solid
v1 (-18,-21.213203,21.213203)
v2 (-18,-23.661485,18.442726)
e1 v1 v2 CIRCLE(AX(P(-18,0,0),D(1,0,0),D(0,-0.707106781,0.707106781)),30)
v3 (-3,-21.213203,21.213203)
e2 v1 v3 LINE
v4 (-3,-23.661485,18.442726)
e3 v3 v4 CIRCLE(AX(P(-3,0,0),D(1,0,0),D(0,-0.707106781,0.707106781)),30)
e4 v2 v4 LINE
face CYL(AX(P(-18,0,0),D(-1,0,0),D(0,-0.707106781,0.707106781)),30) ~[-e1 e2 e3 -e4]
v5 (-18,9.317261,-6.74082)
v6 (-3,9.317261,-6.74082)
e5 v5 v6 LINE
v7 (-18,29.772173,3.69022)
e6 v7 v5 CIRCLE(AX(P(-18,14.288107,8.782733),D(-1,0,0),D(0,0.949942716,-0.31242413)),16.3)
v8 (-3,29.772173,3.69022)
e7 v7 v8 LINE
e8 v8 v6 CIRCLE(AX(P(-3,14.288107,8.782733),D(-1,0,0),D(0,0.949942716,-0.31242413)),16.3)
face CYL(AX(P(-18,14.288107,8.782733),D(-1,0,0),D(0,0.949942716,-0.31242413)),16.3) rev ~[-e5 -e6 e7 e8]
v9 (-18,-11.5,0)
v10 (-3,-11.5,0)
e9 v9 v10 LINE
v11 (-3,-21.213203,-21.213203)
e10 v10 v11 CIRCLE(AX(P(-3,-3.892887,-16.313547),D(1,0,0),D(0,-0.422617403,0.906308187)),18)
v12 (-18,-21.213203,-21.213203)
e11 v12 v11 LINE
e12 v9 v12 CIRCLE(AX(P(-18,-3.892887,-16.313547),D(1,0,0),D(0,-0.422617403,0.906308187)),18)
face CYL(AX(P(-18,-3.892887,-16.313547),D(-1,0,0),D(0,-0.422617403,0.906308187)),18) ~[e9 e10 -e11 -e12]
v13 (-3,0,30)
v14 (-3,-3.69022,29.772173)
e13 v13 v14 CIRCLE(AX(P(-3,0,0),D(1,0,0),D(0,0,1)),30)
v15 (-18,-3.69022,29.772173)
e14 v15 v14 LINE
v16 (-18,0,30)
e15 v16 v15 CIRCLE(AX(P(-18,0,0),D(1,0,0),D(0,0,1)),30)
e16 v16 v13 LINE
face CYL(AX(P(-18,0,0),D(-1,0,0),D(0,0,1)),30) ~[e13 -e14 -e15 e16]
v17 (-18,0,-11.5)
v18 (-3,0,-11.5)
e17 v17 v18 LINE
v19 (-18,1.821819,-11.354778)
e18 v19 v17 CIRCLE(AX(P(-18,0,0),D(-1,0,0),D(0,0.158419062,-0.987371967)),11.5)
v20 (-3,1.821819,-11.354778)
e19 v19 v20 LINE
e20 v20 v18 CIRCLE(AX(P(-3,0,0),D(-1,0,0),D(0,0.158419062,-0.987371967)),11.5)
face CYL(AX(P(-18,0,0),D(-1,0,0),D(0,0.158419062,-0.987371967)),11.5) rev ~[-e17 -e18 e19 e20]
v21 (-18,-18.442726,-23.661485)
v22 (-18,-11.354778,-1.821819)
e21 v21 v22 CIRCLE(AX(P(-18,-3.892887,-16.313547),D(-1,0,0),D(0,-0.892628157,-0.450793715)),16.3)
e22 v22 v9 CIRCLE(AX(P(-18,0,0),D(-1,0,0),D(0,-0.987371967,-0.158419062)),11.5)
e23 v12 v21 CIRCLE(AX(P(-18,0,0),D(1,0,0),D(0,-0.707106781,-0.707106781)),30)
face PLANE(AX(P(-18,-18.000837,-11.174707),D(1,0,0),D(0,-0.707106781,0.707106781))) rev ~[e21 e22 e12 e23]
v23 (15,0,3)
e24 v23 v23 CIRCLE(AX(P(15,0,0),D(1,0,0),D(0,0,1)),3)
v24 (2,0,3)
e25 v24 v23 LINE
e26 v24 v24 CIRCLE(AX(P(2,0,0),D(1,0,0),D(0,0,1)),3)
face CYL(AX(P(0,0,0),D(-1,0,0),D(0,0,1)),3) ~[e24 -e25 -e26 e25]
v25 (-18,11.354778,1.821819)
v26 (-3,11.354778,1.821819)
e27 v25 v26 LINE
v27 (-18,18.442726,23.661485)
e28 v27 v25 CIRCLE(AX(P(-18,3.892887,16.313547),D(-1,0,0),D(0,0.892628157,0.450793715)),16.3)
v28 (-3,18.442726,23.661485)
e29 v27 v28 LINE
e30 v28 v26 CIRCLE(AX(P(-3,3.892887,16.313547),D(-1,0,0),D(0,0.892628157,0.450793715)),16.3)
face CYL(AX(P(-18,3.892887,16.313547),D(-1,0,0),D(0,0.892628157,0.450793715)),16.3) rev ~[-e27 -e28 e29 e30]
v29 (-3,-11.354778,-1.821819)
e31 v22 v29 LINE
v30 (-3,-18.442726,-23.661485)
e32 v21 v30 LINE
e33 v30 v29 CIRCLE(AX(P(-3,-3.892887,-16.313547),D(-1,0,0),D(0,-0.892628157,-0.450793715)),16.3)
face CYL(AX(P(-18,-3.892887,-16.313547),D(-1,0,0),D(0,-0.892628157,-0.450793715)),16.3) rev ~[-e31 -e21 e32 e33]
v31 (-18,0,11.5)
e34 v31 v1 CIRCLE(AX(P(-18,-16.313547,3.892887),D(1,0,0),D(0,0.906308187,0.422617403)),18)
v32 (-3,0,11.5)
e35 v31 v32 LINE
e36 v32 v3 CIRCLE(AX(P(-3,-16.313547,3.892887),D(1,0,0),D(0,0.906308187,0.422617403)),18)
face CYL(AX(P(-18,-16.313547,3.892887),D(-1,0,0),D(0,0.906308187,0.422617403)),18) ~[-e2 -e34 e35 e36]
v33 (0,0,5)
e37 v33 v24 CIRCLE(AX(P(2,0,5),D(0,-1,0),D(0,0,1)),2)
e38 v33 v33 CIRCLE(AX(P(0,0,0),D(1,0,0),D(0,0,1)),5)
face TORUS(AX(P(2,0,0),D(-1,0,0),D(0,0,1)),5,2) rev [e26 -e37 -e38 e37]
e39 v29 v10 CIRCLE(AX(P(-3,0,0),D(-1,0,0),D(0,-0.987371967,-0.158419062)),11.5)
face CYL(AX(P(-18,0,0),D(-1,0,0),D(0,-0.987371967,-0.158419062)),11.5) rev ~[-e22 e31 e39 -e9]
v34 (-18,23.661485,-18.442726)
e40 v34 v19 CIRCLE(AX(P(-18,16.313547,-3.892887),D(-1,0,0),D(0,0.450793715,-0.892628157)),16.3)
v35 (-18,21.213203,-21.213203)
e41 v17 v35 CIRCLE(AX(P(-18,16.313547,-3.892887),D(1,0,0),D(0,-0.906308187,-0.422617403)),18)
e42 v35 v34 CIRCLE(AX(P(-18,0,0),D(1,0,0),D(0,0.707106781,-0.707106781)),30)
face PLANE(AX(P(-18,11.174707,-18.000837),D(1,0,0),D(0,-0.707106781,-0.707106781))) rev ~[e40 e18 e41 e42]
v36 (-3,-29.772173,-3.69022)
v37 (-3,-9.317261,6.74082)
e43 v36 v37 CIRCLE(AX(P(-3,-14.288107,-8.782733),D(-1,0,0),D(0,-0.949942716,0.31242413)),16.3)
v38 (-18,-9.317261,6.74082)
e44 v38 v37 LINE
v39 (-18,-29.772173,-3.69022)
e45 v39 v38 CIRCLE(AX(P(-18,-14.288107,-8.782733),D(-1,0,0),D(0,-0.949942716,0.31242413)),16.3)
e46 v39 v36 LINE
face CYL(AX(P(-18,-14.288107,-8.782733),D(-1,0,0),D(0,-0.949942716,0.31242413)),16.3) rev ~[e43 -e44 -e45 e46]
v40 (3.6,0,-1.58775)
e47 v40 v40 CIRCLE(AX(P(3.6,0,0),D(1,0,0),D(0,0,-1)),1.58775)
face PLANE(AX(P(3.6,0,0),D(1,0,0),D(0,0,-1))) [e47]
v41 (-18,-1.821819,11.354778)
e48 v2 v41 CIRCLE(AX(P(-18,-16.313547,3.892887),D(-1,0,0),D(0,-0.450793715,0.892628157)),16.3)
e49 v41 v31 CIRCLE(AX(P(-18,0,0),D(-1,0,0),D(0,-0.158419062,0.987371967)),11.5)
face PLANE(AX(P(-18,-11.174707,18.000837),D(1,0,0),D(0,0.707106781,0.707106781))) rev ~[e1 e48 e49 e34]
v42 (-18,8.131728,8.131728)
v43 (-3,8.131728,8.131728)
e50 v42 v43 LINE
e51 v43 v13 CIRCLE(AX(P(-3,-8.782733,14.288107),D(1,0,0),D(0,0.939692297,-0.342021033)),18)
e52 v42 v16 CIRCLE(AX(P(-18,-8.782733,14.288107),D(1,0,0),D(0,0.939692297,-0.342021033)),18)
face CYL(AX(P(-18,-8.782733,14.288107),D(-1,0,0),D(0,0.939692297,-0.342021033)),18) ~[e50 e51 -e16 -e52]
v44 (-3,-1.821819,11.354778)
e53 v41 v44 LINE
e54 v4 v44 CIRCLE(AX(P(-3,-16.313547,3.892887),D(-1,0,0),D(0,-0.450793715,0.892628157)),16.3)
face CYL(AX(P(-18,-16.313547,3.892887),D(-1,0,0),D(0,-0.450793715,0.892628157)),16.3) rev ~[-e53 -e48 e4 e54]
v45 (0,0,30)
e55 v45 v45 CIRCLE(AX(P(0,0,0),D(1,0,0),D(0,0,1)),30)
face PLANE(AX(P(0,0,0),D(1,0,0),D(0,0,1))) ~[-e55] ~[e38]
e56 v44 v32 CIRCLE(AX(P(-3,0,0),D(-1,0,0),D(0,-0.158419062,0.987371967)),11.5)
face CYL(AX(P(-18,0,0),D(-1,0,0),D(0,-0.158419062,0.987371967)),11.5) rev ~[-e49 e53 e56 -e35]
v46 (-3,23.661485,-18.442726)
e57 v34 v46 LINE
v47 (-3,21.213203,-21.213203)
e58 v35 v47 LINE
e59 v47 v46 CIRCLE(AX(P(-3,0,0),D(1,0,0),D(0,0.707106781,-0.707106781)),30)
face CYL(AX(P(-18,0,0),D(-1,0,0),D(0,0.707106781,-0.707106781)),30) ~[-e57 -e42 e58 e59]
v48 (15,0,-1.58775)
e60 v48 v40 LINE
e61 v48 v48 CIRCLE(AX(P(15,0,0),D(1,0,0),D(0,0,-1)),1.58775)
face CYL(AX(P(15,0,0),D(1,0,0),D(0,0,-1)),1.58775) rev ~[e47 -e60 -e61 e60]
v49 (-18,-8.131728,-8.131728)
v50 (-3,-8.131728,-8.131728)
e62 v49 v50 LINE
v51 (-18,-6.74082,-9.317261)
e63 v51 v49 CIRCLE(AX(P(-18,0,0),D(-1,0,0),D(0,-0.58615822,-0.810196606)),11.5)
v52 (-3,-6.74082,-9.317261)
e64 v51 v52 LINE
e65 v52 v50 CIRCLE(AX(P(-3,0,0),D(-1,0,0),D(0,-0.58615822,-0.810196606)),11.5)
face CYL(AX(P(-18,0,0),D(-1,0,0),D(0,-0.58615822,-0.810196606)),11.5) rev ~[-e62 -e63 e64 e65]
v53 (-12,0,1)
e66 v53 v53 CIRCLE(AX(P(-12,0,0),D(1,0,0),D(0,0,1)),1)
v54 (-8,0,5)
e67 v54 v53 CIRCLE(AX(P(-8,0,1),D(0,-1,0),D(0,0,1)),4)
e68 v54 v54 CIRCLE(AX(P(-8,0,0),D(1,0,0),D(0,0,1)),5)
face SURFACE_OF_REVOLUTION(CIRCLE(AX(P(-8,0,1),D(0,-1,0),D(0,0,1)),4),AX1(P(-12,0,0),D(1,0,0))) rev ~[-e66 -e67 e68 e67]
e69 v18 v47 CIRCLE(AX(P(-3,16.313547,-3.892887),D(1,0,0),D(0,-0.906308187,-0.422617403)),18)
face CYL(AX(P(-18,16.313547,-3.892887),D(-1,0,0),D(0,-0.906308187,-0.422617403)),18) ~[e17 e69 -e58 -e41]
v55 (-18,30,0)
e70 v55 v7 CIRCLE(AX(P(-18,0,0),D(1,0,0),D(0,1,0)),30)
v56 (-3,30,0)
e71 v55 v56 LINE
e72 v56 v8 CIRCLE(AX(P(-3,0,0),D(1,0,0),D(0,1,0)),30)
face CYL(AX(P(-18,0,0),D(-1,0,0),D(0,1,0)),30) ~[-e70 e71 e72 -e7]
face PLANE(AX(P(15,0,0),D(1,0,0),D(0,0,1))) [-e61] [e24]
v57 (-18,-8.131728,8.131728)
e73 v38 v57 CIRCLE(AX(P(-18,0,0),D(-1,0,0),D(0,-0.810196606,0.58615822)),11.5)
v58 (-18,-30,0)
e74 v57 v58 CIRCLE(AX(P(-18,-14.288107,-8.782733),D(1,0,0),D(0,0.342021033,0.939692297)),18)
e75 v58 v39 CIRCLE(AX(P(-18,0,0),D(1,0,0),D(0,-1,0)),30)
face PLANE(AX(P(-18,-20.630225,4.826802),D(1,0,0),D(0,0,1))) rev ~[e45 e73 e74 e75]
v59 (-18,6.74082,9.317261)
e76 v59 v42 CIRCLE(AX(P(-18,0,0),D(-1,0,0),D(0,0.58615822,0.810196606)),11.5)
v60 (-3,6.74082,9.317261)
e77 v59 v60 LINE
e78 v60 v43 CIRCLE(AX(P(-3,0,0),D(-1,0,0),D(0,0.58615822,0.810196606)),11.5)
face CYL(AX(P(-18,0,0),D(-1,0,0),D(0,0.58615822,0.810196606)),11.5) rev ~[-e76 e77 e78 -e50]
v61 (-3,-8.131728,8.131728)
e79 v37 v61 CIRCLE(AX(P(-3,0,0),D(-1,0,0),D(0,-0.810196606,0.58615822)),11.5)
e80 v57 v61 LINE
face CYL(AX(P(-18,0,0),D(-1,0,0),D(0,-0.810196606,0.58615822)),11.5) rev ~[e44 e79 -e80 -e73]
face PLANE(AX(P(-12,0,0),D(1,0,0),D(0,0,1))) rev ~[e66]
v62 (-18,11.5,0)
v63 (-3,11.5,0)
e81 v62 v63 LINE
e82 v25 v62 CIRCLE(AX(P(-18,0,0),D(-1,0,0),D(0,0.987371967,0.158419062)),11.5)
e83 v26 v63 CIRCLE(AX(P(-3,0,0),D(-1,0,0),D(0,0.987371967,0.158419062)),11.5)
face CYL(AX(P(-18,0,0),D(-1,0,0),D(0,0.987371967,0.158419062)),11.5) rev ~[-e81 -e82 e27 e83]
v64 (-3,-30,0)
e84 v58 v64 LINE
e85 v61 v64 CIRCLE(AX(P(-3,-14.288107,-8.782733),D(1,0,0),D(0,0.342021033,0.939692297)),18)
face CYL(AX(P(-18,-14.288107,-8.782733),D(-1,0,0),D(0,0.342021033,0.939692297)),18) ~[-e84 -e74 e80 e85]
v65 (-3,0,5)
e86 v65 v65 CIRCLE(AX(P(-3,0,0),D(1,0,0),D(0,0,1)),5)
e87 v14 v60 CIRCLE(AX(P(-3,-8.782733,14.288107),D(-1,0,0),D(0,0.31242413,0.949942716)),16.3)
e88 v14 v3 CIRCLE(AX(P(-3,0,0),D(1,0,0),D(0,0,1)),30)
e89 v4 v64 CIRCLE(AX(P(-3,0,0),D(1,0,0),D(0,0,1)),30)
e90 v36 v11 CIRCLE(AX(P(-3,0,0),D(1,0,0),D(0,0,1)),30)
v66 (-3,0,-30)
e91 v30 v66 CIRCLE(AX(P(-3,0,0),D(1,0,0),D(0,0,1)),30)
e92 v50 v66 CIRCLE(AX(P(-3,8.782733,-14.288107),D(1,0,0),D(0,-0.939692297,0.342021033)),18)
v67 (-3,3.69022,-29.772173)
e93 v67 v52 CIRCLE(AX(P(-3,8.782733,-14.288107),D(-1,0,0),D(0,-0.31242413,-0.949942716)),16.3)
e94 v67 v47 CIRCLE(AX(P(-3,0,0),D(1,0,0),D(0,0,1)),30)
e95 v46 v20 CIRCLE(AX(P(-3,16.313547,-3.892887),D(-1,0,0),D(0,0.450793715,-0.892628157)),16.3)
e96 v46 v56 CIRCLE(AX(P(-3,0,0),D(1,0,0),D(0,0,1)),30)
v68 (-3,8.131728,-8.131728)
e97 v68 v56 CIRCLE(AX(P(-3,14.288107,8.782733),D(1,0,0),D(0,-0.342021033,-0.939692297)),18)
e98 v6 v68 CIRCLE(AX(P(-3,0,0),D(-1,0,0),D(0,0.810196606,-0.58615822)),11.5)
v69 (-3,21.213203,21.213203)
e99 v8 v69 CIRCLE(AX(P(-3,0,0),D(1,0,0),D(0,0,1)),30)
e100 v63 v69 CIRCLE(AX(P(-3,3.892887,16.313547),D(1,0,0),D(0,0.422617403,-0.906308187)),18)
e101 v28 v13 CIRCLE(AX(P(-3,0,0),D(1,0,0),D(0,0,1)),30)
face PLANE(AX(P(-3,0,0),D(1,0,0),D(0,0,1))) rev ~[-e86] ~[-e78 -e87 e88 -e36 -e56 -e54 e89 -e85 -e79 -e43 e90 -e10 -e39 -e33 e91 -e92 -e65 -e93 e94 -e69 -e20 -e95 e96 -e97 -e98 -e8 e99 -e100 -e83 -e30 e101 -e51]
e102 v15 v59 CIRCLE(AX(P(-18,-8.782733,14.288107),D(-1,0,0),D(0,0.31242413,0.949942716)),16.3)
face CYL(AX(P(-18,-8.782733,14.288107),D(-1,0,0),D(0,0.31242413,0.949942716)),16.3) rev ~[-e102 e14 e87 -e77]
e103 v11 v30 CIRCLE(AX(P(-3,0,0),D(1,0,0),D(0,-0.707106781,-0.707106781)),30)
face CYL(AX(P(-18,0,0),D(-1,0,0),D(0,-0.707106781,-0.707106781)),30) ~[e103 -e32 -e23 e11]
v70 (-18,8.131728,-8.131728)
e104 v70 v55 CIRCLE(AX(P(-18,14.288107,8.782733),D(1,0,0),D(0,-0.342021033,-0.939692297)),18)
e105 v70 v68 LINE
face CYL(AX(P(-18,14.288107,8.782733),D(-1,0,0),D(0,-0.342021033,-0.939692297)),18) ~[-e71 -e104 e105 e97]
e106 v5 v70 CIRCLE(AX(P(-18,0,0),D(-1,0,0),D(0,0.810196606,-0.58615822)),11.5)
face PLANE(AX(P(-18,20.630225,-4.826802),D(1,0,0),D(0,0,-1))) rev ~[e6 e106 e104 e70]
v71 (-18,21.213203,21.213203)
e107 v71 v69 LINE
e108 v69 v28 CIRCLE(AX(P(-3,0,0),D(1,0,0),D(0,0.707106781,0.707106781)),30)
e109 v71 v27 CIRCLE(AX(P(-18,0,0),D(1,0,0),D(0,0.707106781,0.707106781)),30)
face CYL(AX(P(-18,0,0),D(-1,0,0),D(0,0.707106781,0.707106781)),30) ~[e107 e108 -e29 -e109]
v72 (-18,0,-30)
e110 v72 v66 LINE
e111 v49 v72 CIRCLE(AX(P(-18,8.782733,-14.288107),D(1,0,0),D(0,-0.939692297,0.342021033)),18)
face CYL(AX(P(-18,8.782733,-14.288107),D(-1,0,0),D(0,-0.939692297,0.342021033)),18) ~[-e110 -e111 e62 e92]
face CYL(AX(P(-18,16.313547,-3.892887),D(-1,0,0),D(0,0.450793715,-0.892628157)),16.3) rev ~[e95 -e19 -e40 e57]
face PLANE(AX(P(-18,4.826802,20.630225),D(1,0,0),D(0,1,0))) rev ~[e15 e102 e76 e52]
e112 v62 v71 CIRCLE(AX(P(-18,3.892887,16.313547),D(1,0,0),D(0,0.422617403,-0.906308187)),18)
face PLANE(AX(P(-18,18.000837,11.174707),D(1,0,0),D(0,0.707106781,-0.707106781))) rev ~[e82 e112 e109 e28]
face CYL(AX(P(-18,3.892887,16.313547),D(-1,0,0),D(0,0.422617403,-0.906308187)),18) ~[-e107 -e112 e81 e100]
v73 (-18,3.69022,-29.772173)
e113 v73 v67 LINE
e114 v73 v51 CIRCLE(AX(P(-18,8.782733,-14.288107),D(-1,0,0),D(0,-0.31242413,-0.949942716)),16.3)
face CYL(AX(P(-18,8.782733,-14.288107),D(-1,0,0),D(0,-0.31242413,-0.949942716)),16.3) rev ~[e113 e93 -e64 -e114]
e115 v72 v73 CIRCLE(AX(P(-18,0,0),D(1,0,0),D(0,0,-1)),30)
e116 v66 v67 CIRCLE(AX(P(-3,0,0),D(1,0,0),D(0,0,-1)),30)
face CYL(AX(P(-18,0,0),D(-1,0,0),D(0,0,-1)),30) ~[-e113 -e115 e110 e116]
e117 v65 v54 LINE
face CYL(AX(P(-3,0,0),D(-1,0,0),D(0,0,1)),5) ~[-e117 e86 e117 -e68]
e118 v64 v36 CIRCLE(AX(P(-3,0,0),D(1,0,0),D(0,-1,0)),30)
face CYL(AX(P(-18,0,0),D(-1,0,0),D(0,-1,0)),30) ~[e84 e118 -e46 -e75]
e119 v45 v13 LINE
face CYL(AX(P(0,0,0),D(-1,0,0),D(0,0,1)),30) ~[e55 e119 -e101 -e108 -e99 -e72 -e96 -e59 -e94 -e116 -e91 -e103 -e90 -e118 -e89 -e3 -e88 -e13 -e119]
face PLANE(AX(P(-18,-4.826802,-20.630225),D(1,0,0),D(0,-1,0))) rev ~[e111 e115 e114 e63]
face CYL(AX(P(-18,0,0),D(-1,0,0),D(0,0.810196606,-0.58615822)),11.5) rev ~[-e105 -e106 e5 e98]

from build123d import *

# Parameters (mm, degrees)
BOSS_EXTRUDE1_START = 15
BOSS_EXTRUDE1_DEPTH = 15
CIRPATTERN1_COUNT   = 8
SKETCH4_R           = 3
BOSS_EXTRUDE2_DEPTH = 15
SKETCH5_R           = 1.58775
CUT_EXTRUDE1_DEPTH  = 11.4
FILLET3_R           = 2


with BuildPart() as part:
    # Sketch1 → Revolve1 (revolve)
    with BuildSketch(Plane(origin=(0, 0, 0), x_dir=(1, 0, 0), z_dir=(0, 1, 0)), mode=Mode.PRIVATE) as revolve1_sk:
        with BuildLine():
            Line((0, 0), (0, 30))
            Line((0, 30), (-3, 30))
            Line((-3, 30), (-3, 5))
            Line((-3, 5), (-8, 5))
            ThreePointArc((-8, 5), (-10.828427125, 3.828427125), (-12, 1))
            Line((-12, 1), (-12, 0))
            Line((-12, 0), (0, 0))
        make_face()
    revolve(revolve1_sk.sketch.rotate(Axis((-12, 0, 0), (1, 0, 0)), 180), axis=Axis((-12, 0, 0), (1, 0, 0)))

    # Sketch2 → Boss-Extrude1 (add)
    with BuildSketch(Plane.ZY.offset(3).offset(BOSS_EXTRUDE1_START)):
        with BuildLine():
            ThreePointArc((-6.74081952, 9.317260982), (-7.459861891, 8.752168906), (-8.131727984, 8.131727984))
            ThreePointArc((-8.131727984, 8.131727984), (-8.088596883, 20.561719247), (0, 30))
            ThreePointArc((0, 30), (1.848623078, 29.942989041), (3.690220038, 29.772172848))
            ThreePointArc((3.690220038, 29.772172848), (-5.738161973, 21.693077802), (-6.74081952, 9.317260982))
        make_face()
    boss_extrude1 = extrude(amount=-BOSS_EXTRUDE1_DEPTH)

    # CirPattern1: Boss-Extrude1 ×8 about axis
    cirpattern1_axis = Axis((0, 0, 0), (1, 0, 0))
    for i in range(1, CIRPATTERN1_COUNT):
        add(boss_extrude1.rotate(cirpattern1_axis, i * 360 / CIRPATTERN1_COUNT))

    # Sketch4 → Boss-Extrude2 (add)
    with BuildSketch(Plane(origin=(0, 0, 0), x_dir=(0, 0, -1), z_dir=(1, 0, 0))):
        with Locations(Location((0, 0, 0), (0, 0, 180))):
            Circle(SKETCH4_R)
    extrude(amount=BOSS_EXTRUDE2_DEPTH)

    # Sketch5 → Cut-Extrude1 (cut)
    with BuildSketch(Plane(origin=(15, 0, 0), x_dir=(0, 0, -1), z_dir=(1, 0, 0))):
        Circle(SKETCH5_R)
    extrude(amount=-CUT_EXTRUDE1_DEPTH, mode=Mode.SUBTRACT)

    # Fillet3
    fillet3_edges = [part.edges().sort_by_distance(p)[0] for p in [
        (0, 0, -3),
    ]]
    fillet(fillet3_edges, radius=FILLET3_R)


solid = part.part
